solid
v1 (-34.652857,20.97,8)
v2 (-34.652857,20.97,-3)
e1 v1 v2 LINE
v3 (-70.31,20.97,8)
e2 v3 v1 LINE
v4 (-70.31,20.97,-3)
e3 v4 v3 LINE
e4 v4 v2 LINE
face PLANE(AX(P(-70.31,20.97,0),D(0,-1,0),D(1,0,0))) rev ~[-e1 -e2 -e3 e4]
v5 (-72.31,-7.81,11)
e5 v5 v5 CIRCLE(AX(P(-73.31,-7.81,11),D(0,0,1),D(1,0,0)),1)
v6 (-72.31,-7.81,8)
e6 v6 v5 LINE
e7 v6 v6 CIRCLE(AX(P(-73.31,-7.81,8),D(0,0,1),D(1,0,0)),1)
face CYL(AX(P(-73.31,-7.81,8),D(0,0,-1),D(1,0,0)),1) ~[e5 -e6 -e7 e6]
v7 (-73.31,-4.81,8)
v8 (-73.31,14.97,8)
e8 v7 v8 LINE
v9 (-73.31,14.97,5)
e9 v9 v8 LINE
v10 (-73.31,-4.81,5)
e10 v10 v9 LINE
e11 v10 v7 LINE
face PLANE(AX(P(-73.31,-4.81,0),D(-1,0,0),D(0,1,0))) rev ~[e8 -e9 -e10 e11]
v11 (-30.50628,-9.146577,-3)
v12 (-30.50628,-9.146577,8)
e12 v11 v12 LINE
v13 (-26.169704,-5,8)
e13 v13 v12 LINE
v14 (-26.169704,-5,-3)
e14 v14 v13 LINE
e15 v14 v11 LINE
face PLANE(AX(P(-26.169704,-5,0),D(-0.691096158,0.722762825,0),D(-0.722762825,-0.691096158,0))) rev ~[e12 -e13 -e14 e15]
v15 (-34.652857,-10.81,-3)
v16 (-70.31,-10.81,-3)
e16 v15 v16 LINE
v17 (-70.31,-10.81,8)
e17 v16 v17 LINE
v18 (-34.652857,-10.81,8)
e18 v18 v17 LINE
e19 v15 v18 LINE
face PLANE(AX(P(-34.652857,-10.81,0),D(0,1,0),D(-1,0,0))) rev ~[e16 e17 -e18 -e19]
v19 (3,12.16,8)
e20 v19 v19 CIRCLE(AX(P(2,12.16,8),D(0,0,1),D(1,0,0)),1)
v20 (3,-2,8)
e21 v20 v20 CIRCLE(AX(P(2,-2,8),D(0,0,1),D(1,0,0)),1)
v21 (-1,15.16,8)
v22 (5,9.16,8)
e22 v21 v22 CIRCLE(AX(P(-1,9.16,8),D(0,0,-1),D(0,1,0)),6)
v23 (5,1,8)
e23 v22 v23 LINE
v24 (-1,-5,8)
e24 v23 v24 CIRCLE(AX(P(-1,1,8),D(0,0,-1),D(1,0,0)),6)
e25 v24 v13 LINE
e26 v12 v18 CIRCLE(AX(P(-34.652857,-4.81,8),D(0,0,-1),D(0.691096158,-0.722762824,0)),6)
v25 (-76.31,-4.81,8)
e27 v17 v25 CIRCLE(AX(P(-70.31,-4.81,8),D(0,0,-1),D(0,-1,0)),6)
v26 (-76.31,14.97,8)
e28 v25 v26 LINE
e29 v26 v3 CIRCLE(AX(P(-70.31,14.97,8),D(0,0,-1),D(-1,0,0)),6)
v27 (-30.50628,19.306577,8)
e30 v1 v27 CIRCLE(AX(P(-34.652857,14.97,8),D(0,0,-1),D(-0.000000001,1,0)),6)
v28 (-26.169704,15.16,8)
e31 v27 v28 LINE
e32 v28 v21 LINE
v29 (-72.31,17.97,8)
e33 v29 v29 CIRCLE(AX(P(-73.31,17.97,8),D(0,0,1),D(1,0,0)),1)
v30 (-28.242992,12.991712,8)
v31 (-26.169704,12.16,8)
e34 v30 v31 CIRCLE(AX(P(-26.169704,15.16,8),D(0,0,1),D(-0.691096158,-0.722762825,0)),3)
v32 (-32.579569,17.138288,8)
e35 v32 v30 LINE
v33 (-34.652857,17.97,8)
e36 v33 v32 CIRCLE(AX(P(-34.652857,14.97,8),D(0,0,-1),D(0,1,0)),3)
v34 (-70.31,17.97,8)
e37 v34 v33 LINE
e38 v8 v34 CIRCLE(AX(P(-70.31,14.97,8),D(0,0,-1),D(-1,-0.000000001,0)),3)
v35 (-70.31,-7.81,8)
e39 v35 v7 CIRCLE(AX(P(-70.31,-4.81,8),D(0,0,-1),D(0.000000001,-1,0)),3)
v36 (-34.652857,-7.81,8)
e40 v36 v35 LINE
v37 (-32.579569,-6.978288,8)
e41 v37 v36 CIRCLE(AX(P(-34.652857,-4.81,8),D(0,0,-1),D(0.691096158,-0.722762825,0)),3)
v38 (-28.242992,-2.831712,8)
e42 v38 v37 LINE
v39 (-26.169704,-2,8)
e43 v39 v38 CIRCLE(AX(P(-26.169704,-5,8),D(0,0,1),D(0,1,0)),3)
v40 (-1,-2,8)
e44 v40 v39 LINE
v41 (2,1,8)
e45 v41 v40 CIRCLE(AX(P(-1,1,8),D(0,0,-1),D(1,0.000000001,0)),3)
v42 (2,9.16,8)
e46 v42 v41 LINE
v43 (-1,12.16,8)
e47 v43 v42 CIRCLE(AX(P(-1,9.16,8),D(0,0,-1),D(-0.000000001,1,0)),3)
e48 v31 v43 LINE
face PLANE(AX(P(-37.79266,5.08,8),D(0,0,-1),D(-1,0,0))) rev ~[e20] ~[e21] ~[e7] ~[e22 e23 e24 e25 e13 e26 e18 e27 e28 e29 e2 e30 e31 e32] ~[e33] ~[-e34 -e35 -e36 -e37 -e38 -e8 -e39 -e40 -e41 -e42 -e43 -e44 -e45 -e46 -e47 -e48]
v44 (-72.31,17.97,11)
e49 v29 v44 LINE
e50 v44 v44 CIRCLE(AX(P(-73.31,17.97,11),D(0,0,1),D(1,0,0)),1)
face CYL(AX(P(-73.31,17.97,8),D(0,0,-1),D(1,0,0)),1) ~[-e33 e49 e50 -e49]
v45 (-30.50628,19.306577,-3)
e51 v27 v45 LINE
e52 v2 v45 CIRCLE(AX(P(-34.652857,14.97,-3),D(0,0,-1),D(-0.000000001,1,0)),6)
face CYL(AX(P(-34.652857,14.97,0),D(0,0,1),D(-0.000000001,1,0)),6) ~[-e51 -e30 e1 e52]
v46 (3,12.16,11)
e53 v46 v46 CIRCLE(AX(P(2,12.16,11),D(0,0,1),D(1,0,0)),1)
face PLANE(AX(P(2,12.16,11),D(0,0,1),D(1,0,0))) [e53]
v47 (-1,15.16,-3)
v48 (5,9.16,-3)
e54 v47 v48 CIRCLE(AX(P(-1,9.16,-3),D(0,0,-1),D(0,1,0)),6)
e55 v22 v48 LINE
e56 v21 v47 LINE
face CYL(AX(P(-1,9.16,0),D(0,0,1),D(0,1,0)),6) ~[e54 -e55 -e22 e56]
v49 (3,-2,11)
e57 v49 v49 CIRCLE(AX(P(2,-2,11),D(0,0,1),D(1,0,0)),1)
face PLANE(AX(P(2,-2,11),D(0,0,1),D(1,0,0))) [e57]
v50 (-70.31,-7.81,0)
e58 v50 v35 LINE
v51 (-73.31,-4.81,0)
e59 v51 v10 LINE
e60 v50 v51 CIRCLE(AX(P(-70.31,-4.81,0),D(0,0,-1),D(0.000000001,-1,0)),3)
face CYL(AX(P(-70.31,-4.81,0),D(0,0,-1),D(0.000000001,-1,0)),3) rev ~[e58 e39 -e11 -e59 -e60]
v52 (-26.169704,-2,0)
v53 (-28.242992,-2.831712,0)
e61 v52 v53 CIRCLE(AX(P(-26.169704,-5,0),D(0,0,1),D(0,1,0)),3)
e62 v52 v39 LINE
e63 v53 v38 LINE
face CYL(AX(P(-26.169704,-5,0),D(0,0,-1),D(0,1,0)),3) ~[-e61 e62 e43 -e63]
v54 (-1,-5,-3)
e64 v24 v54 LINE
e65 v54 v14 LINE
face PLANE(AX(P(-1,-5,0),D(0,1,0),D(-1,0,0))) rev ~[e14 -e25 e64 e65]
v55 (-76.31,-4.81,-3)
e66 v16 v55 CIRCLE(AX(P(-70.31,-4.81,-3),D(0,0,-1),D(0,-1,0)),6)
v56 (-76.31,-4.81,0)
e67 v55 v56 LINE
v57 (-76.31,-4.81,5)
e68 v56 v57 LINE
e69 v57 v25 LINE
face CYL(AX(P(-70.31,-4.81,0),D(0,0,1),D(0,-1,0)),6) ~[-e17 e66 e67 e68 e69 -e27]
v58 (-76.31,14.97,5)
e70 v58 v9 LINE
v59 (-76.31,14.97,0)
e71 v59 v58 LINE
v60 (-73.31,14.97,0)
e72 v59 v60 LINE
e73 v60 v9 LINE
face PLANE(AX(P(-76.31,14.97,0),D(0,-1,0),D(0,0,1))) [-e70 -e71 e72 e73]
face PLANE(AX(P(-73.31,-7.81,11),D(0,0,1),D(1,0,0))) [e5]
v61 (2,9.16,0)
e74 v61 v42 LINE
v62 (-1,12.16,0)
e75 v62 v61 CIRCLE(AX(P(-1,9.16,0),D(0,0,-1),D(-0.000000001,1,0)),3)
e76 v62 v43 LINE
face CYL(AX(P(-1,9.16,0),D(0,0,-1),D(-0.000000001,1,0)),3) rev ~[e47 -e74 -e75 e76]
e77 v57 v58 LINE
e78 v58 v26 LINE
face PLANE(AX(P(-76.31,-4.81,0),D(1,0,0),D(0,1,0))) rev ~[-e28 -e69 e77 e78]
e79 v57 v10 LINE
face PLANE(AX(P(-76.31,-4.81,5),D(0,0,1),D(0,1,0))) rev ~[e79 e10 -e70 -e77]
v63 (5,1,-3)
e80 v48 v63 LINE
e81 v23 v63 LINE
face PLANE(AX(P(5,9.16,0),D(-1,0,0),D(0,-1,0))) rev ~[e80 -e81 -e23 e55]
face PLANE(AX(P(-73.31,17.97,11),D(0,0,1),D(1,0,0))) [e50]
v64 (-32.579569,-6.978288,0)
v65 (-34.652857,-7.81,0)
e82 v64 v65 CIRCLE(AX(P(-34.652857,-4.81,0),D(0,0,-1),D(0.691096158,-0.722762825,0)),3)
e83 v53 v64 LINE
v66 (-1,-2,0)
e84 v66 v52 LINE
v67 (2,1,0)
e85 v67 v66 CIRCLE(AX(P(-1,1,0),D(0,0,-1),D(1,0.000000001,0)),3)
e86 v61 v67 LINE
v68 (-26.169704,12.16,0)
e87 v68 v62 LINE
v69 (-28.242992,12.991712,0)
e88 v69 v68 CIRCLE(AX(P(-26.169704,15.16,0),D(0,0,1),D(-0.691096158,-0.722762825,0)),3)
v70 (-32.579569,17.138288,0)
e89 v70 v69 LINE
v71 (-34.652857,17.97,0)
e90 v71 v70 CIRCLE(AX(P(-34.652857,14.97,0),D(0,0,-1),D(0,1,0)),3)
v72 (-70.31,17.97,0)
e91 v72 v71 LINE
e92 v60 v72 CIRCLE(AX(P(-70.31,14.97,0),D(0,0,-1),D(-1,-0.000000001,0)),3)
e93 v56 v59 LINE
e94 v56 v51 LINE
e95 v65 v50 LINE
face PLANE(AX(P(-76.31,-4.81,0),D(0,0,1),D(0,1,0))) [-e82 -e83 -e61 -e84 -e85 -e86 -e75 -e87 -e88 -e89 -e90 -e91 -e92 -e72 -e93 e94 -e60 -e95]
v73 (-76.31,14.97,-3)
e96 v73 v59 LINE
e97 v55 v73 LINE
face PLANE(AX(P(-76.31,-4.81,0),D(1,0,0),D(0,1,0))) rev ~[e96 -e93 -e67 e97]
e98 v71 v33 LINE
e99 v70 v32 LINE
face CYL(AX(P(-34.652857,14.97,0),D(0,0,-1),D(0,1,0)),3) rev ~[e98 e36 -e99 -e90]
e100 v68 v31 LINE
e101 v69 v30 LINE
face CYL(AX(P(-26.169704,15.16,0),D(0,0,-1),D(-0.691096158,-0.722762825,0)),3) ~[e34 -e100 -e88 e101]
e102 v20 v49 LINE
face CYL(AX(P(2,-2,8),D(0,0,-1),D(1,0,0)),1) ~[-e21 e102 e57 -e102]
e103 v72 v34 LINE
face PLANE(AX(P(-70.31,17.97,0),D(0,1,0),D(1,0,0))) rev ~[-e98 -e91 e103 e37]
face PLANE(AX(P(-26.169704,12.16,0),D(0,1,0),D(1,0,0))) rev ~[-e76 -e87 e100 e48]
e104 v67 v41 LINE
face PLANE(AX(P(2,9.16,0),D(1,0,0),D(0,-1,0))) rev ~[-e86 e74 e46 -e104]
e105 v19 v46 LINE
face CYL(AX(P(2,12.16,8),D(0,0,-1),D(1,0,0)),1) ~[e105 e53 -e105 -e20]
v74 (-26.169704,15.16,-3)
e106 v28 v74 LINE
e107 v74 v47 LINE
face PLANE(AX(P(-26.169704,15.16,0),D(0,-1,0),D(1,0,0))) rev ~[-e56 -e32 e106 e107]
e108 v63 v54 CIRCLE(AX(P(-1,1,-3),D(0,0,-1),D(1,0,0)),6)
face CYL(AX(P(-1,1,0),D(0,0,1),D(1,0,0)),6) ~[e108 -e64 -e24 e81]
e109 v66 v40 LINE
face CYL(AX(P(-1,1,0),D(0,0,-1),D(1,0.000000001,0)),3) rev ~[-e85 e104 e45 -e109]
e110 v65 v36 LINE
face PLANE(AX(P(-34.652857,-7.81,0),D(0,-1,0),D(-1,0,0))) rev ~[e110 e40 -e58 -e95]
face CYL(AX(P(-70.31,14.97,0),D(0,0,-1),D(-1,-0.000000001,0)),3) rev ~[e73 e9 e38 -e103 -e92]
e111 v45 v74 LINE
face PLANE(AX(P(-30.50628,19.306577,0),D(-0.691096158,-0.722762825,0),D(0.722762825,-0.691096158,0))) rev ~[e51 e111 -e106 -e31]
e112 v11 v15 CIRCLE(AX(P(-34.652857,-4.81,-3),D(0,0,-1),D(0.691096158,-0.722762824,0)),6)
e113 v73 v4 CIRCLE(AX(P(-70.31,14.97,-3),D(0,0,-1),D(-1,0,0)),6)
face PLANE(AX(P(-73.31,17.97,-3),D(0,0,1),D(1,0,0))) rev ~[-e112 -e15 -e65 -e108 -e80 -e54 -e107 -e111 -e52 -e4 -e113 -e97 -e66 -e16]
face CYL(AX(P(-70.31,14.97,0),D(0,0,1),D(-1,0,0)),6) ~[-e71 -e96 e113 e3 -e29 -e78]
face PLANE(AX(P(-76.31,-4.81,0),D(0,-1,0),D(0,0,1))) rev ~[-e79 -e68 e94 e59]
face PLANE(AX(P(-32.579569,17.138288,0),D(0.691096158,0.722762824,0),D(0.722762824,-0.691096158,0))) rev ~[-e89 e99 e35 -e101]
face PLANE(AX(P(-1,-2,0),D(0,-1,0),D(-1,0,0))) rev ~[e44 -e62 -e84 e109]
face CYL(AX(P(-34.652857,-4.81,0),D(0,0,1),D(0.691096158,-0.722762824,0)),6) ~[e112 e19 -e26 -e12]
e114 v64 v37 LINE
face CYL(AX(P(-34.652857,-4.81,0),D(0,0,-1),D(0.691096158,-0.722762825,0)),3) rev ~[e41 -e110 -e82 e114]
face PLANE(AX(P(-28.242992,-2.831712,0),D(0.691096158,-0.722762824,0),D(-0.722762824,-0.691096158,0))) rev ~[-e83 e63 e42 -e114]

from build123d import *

# Parameters (mm, degrees)
SKETCH3_R                = 1
BOSS_EXTRUDE2_DEPTH      = 8
BOSS_EXTRUDE2_DEPTH_BACK = 3
BOSS_EXTRUDE3_DEPTH      = 3
SKETCH7_R                = 1
BOSS_EXTRUDE4_DEPTH      = 3
BOSS_EXTRUDE4_DEPTH_BACK = 11
SKETCH9_W                = 5
SKETCH9_H                = 19.78
CUT_EXTRUDE2_DEPTH       = 10


with BuildPart() as part:
    # Sketch3 → Boss-Extrude2 (new, two sides)
    with BuildSketch(Plane.XY) as boss_extrude2_sk:
        with BuildLine():
            Line((-70.31, 20.97), (-34.65285742, 20.97))
            ThreePointArc((-34.65285742, 20.97), (-32.418966384, 20.53863815), (-30.506280473, 19.306576947))
            Line((-30.506280473, 19.306576947), (-26.169703525, 15.16))
            Line((-26.169703525, 15.16), (-1, 15.16))
            ThreePointArc((-1, 15.16), (3.242640687, 13.402640687), (5, 9.16))
            Line((5, 9.16), (5, 1))
            ThreePointArc((5, 1), (3.242640687, -3.242640687), (-1, -5))
            Line((-1, -5), (-26.169703525, -5))
            Line((-26.169703525, -5), (-30.506280473, -9.146576947))
            ThreePointArc((-30.506280473, -9.146576947), (-32.418966384, -10.37863815), (-34.65285742, -10.81))
            Line((-34.65285742, -10.81), (-70.31, -10.81))
            ThreePointArc((-70.31, -10.81), (-74.552640687, -9.052640687), (-76.31, -4.81))
            Line((-76.31, -4.81), (-76.31, 14.97))
            ThreePointArc((-76.31, 14.97), (-74.552640687, 19.212640687), (-70.31, 20.97))
        make_face()
        with Locations((-73.31, 17.97)):
            Circle(SKETCH3_R, mode=Mode.SUBTRACT)
        with Locations((-73.31, -7.81)):
            Circle(SKETCH3_R, mode=Mode.SUBTRACT)
        with Locations((2, -2)):
            Circle(SKETCH3_R, mode=Mode.SUBTRACT)
        with Locations((2, 12.16)):
            Circle(SKETCH3_R, mode=Mode.SUBTRACT)
        with BuildLine():
            Line((-70.31, 17.97), (-34.65285742, 17.97))
            ThreePointArc((-34.65285742, 17.97), (-33.535911902, 17.754319075), (-32.579568946, 17.138288474))
            Line((-32.579568946, 17.138288474), (-28.242991999, 12.991711526))
            ThreePointArc((-28.242991999, 12.991711526), (-27.286649043, 12.375680925), (-26.169703525, 12.16))
            Line((-26.169703525, 12.16), (-1, 12.16))
            ThreePointArc((-1, 12.16), (1.121320344, 11.281320344), (2, 9.16))
            Line((2, 9.16), (2, 1))
            ThreePointArc((2, 1), (1.121320344, -1.121320344), (-1, -2))
            Line((-1, -2), (-26.169703525, -2))
            ThreePointArc((-26.169703525, -2), (-27.286649043, -2.215680925), (-28.242991999, -2.831711526))
            Line((-28.242991999, -2.831711526), (-32.579568946, -6.978288474))
            ThreePointArc((-32.579568946, -6.978288474), (-33.535911902, -7.594319075), (-34.65285742, -7.81))
            Line((-34.65285742, -7.81), (-70.31, -7.81))
            ThreePointArc((-70.31, -7.81), (-72.431320344, -6.931320344), (-73.31, -4.81))
            Line((-73.31, -4.81), (-73.31, 14.97))
            ThreePointArc((-73.31, 14.97), (-72.431320344, 17.091320344), (-70.31, 17.97))
        make_face(mode=Mode.SUBTRACT)
    extrude(amount=BOSS_EXTRUDE2_DEPTH)
    extrude(boss_extrude2_sk.sketch, amount=-BOSS_EXTRUDE2_DEPTH_BACK)

    # Sketch5 → Boss-Extrude3 (add)
    with BuildSketch(Plane(origin=(0, 0, -3), x_dir=(-1, 0, 0), z_dir=(0, 0, -1))):
        with BuildLine():
            Line((73.31, 14.97), (73.31, -4.81))
            ThreePointArc((73.31, -4.81), (72.431320344, -6.931320344), (70.31, -7.81))
            Line((70.31, -7.81), (34.65285742, -7.81))
            ThreePointArc((34.65285742, -7.81), (33.535911902, -7.594319075), (32.579568946, -6.978288474))
            Line((32.579568946, -6.978288474), (28.242991999, -2.831711526))
            ThreePointArc((28.242991999, -2.831711526), (27.286649043, -2.215680925), (26.169703525, -2))
            Line((26.169703525, -2), (1, -2))
            ThreePointArc((1, -2), (-1.121320344, -1.121320344), (-2, 1))
            Line((-2, 1), (-2, 9.16))
            ThreePointArc((-2, 9.16), (-1.121320344, 11.281320344), (1, 12.16))
            Line((1, 12.16), (26.169703525, 12.16))
            ThreePointArc((26.169703525, 12.16), (27.286649043, 12.375680925), (28.242991999, 12.991711526))
            Line((28.242991999, 12.991711526), (32.579568946, 17.138288474))
            ThreePointArc((32.579568946, 17.138288474), (33.535911902, 17.754319075), (34.65285742, 17.97))
            Line((34.65285742, 17.97), (70.31, 17.97))
            ThreePointArc((70.31, 17.97), (72.431320344, 17.091320344), (73.31, 14.97))
        make_face()
    extrude(amount=-BOSS_EXTRUDE3_DEPTH)

    # Sketch7 → Boss-Extrude4 (add, two sides)
    with BuildSketch(Plane.XY.offset(8)) as boss_extrude4_sk:
        with Locations((-73.31, 17.97)):
            Circle(SKETCH7_R)
        with Locations((2, -2)):
            Circle(SKETCH7_R)
        with Locations((2, 12.16)):
            Circle(SKETCH7_R)
        with Locations((-73.31, -7.81)):
            Circle(SKETCH7_R)
    extrude(amount=BOSS_EXTRUDE4_DEPTH)
    extrude(boss_extrude4_sk.sketch, amount=-BOSS_EXTRUDE4_DEPTH_BACK)

    # Sketch9 → Cut-Extrude2 (cut)
    with BuildSketch(Plane.ZY.offset(76.31)):
        with Locations((2.5, 5.08)):
            Rectangle(SKETCH9_W, SKETCH9_H)
    extrude(amount=-CUT_EXTRUDE2_DEPTH, mode=Mode.SUBTRACT)


solid = part.part
